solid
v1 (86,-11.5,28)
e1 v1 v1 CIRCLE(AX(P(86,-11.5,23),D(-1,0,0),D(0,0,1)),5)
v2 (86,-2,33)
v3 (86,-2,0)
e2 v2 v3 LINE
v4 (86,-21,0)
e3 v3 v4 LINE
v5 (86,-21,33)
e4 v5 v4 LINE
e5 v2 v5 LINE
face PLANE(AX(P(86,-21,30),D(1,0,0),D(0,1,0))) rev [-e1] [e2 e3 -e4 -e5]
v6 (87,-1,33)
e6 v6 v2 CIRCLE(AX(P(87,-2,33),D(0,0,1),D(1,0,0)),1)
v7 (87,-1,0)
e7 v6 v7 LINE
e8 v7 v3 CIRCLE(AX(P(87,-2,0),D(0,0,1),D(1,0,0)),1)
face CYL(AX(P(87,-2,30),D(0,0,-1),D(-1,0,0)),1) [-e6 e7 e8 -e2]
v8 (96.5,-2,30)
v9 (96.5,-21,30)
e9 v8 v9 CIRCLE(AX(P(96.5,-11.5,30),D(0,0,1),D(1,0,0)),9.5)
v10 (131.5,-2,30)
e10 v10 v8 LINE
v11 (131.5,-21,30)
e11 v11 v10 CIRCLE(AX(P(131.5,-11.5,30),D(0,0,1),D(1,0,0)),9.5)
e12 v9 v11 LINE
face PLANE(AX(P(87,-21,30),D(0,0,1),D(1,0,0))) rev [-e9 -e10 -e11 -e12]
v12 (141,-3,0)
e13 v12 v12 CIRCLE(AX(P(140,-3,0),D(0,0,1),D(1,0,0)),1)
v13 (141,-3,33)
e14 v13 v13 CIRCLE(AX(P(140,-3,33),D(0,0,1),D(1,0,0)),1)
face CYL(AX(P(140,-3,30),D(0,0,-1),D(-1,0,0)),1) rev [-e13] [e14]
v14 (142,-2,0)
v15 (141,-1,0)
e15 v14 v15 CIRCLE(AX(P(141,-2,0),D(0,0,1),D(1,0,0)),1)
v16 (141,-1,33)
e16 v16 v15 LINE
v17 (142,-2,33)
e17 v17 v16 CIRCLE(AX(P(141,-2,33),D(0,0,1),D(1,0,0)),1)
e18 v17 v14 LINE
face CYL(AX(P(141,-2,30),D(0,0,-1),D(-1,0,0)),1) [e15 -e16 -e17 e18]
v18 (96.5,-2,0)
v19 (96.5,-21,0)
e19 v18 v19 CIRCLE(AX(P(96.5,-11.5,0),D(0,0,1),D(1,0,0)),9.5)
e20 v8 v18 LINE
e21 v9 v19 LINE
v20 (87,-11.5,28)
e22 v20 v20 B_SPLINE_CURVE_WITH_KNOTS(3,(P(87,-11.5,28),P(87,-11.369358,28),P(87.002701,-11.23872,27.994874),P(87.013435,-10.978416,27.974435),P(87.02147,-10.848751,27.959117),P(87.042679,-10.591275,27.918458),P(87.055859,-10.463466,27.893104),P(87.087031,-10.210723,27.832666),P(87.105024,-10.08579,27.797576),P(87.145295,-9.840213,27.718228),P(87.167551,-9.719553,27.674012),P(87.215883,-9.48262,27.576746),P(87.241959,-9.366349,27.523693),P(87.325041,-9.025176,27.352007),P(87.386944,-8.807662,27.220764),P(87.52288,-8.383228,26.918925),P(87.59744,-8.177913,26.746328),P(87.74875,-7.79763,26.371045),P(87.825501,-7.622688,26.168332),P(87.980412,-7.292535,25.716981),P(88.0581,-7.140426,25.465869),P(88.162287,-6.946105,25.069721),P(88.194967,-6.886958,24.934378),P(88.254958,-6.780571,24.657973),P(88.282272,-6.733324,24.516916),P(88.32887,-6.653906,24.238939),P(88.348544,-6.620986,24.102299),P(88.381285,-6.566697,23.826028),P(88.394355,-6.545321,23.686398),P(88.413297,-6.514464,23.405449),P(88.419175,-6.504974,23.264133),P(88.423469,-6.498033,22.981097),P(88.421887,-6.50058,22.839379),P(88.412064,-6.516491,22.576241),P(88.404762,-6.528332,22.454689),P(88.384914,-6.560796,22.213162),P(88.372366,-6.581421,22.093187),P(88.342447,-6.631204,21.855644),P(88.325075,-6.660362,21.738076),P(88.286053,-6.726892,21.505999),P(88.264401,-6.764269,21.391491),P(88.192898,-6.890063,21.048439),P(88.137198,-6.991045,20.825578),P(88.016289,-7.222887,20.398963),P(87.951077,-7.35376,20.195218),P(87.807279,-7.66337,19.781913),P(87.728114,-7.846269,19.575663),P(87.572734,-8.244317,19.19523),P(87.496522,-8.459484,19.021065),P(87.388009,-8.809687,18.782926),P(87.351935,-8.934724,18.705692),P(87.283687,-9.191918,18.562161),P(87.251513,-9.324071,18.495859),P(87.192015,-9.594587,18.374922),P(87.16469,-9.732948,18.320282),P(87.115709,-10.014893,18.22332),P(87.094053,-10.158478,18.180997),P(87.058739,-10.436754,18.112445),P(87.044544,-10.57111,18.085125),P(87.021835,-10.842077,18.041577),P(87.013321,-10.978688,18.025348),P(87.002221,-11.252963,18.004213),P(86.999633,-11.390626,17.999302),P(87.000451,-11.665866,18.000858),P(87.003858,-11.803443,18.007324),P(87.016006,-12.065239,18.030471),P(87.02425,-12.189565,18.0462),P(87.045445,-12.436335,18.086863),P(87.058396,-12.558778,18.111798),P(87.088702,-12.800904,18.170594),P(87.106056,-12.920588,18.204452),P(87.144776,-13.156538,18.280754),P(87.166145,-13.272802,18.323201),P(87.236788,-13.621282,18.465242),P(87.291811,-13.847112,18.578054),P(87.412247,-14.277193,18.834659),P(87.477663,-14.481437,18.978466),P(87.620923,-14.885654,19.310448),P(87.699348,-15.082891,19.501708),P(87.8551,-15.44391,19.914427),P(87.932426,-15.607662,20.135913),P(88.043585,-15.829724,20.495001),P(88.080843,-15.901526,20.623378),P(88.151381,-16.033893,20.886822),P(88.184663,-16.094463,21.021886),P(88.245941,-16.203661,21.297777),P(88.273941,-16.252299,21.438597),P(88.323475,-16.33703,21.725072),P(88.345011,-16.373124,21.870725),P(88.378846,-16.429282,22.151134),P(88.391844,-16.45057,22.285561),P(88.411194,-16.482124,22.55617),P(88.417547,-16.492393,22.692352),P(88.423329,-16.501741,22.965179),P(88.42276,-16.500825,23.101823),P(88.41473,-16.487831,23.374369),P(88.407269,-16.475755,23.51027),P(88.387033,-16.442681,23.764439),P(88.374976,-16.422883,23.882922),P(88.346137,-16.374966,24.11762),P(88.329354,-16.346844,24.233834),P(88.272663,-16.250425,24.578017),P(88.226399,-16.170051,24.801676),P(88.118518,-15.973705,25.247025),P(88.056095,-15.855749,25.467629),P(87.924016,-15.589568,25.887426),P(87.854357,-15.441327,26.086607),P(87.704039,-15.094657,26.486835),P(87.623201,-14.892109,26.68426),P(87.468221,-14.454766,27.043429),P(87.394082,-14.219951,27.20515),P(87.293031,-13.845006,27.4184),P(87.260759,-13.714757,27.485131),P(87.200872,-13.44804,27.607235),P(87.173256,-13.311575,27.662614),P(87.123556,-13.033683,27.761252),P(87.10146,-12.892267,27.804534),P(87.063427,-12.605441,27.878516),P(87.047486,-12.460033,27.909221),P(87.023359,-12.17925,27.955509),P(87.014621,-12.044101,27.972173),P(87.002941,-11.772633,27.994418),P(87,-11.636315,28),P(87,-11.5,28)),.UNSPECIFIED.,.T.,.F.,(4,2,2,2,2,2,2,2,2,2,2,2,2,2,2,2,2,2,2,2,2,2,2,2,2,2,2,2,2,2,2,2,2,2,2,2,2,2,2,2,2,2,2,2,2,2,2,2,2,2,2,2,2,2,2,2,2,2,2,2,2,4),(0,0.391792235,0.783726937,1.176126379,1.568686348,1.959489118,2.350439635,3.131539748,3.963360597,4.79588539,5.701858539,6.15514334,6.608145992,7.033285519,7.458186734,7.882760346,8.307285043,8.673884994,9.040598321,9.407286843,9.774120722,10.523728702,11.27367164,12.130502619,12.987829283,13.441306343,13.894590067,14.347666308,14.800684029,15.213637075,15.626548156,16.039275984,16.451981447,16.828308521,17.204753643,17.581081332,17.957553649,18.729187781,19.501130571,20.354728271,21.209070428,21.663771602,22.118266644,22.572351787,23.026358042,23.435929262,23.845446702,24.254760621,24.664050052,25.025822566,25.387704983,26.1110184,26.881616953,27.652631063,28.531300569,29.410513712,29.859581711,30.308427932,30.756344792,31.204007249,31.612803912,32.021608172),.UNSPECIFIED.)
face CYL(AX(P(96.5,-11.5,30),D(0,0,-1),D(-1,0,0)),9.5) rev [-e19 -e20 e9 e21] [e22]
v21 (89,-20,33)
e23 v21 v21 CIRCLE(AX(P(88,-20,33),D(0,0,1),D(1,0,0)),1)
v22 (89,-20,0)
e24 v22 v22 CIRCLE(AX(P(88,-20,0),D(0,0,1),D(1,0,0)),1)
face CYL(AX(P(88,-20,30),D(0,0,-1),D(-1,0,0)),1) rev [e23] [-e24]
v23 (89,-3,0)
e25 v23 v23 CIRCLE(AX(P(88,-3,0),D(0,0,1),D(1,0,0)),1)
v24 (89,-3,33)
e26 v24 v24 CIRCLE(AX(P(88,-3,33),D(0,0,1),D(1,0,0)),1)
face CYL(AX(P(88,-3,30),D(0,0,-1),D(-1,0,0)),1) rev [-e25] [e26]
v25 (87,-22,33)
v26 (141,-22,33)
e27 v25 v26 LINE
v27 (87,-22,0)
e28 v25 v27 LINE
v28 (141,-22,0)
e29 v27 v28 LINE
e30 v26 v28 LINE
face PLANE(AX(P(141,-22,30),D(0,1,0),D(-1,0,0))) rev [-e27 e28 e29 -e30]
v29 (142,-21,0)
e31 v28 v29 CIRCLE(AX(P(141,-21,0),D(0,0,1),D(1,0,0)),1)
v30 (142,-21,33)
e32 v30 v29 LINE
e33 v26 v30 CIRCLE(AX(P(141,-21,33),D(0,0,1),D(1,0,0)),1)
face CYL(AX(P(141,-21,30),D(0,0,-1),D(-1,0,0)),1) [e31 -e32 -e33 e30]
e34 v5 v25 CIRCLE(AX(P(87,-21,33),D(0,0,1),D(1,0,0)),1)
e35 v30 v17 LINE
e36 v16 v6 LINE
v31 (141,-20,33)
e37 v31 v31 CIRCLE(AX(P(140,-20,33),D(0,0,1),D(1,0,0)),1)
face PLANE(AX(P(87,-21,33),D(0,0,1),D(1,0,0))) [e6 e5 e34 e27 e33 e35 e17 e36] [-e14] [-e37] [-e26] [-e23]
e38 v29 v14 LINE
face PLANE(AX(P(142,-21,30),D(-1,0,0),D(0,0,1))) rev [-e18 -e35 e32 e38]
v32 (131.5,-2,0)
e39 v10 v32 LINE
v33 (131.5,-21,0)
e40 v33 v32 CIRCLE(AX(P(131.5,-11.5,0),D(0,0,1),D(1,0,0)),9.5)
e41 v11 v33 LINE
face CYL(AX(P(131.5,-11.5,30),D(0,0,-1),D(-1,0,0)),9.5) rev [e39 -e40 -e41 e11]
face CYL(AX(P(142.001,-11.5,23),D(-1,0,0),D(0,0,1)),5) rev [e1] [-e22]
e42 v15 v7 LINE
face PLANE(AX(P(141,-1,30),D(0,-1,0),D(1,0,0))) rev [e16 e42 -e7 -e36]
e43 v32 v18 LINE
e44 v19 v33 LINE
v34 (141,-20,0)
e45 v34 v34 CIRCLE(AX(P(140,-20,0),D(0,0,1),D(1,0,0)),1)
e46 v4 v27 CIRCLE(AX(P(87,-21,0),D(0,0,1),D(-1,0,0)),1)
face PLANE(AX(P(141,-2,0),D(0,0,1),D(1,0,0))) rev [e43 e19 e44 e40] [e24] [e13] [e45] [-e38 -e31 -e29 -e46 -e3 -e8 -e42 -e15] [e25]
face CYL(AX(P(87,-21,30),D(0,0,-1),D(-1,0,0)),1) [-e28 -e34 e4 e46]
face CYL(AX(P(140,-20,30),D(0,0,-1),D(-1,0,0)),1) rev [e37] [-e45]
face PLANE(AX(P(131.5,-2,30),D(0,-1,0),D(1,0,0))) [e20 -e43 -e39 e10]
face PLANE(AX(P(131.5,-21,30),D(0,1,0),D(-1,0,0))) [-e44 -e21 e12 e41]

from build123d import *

# Parameters (mm, degrees)
SKETCH1_R               = 1
BOSS_EXTRUDE1_DEPTH     = 30
SKETCH3_R               = 1
BOSS_EXTRUDE2_DEPTH     = 3
CUT_EXTRUDE1_REACH      = 70.622
CUT_EXTRUDE1_END_RADIUS = 9.5
SKETCH4_R               = 5


with BuildPart() as part:
    # Sketch1 → Boss-Extrude1 (new body)
    with BuildSketch(Plane.XY):
        with BuildLine():
            Line((141, -22), (87, -22))
            ThreePointArc((87, -22), (86.292893219, -21.707106781), (86, -21))
            Line((86, -21), (86, -2))
            ThreePointArc((86, -2), (86.292893219, -1.292893219), (87, -1))
            Line((87, -1), (141, -1))
            ThreePointArc((141, -1), (141.707106781, -1.292893219), (142, -2))
            Line((142, -2), (142, -21))
            ThreePointArc((142, -21), (141.707106781, -21.707106781), (141, -22))
        make_face()
        with Locations((140, -3)):
            Circle(SKETCH1_R, mode=Mode.SUBTRACT)
        with Locations((88, -3)):
            Circle(SKETCH1_R, mode=Mode.SUBTRACT)
        with Locations((88, -20)):
            Circle(SKETCH1_R, mode=Mode.SUBTRACT)
        with Locations((140, -20)):
            Circle(SKETCH1_R, mode=Mode.SUBTRACT)
        with BuildLine():
            Line((131.5, -21), (96.5, -21))
            ThreePointArc((96.5, -21), (87, -11.5), (96.5, -2))
            Line((96.5, -2), (131.5, -2))
            ThreePointArc((131.5, -2), (141, -11.5), (131.5, -21))
        make_face(mode=Mode.SUBTRACT)
    extrude(amount=BOSS_EXTRUDE1_DEPTH)

    # Sketch3 → Boss-Extrude2 (add)
    with BuildSketch(Plane.XY.offset(30)):
        with BuildLine():
            Line((86, -2), (86, -21))
            ThreePointArc((86, -21), (86.292893219, -21.707106781), (87, -22))
            Line((87, -22), (141, -22))
            ThreePointArc((141, -22), (141.707106781, -21.707106781), (142, -21))
            Line((142, -21), (142, -2))
            ThreePointArc((142, -2), (141.707106781, -1.292893219), (141, -1))
            Line((141, -1), (87, -1))
            ThreePointArc((87, -1), (86.292893219, -1.292893219), (86, -2))
        make_face()
        with Locations((88, -3)):
            Circle(SKETCH3_R, mode=Mode.SUBTRACT)
        with Locations((88, -20)):
            Circle(SKETCH3_R, mode=Mode.SUBTRACT)
        with Locations((140, -20)):
            Circle(SKETCH3_R, mode=Mode.SUBTRACT)
        with Locations((140, -3)):
            Circle(SKETCH3_R, mode=Mode.SUBTRACT)
    extrude(amount=BOSS_EXTRUDE2_DEPTH)

    # Cut-Extrude1: up to this cylinder (the profile starts outside it)
    cut_extrude1_end = Plane(origin=(96.5, -11.5, 23), z_dir=(0, 0, -1)) * Cylinder(CUT_EXTRUDE1_END_RADIUS, 161.244, mode=Mode.PRIVATE)
    # Sketch4 → Cut-Extrude1 (cut, up to the surface)
    with BuildSketch(Plane.ZY.offset(-86), mode=Mode.PRIVATE) as cut_extrude1_sk1:
        with Locations((23, -11.5)):
            Circle(SKETCH4_R)
    cut_extrude1_tool1 = extrude(cut_extrude1_sk1.sketch, amount=-CUT_EXTRUDE1_REACH, mode=Mode.PRIVATE) - cut_extrude1_end
    add(cut_extrude1_tool1.solids().sort_by_distance((86, -11.5, 23))[0], mode=Mode.SUBTRACT)


solid = part.part
